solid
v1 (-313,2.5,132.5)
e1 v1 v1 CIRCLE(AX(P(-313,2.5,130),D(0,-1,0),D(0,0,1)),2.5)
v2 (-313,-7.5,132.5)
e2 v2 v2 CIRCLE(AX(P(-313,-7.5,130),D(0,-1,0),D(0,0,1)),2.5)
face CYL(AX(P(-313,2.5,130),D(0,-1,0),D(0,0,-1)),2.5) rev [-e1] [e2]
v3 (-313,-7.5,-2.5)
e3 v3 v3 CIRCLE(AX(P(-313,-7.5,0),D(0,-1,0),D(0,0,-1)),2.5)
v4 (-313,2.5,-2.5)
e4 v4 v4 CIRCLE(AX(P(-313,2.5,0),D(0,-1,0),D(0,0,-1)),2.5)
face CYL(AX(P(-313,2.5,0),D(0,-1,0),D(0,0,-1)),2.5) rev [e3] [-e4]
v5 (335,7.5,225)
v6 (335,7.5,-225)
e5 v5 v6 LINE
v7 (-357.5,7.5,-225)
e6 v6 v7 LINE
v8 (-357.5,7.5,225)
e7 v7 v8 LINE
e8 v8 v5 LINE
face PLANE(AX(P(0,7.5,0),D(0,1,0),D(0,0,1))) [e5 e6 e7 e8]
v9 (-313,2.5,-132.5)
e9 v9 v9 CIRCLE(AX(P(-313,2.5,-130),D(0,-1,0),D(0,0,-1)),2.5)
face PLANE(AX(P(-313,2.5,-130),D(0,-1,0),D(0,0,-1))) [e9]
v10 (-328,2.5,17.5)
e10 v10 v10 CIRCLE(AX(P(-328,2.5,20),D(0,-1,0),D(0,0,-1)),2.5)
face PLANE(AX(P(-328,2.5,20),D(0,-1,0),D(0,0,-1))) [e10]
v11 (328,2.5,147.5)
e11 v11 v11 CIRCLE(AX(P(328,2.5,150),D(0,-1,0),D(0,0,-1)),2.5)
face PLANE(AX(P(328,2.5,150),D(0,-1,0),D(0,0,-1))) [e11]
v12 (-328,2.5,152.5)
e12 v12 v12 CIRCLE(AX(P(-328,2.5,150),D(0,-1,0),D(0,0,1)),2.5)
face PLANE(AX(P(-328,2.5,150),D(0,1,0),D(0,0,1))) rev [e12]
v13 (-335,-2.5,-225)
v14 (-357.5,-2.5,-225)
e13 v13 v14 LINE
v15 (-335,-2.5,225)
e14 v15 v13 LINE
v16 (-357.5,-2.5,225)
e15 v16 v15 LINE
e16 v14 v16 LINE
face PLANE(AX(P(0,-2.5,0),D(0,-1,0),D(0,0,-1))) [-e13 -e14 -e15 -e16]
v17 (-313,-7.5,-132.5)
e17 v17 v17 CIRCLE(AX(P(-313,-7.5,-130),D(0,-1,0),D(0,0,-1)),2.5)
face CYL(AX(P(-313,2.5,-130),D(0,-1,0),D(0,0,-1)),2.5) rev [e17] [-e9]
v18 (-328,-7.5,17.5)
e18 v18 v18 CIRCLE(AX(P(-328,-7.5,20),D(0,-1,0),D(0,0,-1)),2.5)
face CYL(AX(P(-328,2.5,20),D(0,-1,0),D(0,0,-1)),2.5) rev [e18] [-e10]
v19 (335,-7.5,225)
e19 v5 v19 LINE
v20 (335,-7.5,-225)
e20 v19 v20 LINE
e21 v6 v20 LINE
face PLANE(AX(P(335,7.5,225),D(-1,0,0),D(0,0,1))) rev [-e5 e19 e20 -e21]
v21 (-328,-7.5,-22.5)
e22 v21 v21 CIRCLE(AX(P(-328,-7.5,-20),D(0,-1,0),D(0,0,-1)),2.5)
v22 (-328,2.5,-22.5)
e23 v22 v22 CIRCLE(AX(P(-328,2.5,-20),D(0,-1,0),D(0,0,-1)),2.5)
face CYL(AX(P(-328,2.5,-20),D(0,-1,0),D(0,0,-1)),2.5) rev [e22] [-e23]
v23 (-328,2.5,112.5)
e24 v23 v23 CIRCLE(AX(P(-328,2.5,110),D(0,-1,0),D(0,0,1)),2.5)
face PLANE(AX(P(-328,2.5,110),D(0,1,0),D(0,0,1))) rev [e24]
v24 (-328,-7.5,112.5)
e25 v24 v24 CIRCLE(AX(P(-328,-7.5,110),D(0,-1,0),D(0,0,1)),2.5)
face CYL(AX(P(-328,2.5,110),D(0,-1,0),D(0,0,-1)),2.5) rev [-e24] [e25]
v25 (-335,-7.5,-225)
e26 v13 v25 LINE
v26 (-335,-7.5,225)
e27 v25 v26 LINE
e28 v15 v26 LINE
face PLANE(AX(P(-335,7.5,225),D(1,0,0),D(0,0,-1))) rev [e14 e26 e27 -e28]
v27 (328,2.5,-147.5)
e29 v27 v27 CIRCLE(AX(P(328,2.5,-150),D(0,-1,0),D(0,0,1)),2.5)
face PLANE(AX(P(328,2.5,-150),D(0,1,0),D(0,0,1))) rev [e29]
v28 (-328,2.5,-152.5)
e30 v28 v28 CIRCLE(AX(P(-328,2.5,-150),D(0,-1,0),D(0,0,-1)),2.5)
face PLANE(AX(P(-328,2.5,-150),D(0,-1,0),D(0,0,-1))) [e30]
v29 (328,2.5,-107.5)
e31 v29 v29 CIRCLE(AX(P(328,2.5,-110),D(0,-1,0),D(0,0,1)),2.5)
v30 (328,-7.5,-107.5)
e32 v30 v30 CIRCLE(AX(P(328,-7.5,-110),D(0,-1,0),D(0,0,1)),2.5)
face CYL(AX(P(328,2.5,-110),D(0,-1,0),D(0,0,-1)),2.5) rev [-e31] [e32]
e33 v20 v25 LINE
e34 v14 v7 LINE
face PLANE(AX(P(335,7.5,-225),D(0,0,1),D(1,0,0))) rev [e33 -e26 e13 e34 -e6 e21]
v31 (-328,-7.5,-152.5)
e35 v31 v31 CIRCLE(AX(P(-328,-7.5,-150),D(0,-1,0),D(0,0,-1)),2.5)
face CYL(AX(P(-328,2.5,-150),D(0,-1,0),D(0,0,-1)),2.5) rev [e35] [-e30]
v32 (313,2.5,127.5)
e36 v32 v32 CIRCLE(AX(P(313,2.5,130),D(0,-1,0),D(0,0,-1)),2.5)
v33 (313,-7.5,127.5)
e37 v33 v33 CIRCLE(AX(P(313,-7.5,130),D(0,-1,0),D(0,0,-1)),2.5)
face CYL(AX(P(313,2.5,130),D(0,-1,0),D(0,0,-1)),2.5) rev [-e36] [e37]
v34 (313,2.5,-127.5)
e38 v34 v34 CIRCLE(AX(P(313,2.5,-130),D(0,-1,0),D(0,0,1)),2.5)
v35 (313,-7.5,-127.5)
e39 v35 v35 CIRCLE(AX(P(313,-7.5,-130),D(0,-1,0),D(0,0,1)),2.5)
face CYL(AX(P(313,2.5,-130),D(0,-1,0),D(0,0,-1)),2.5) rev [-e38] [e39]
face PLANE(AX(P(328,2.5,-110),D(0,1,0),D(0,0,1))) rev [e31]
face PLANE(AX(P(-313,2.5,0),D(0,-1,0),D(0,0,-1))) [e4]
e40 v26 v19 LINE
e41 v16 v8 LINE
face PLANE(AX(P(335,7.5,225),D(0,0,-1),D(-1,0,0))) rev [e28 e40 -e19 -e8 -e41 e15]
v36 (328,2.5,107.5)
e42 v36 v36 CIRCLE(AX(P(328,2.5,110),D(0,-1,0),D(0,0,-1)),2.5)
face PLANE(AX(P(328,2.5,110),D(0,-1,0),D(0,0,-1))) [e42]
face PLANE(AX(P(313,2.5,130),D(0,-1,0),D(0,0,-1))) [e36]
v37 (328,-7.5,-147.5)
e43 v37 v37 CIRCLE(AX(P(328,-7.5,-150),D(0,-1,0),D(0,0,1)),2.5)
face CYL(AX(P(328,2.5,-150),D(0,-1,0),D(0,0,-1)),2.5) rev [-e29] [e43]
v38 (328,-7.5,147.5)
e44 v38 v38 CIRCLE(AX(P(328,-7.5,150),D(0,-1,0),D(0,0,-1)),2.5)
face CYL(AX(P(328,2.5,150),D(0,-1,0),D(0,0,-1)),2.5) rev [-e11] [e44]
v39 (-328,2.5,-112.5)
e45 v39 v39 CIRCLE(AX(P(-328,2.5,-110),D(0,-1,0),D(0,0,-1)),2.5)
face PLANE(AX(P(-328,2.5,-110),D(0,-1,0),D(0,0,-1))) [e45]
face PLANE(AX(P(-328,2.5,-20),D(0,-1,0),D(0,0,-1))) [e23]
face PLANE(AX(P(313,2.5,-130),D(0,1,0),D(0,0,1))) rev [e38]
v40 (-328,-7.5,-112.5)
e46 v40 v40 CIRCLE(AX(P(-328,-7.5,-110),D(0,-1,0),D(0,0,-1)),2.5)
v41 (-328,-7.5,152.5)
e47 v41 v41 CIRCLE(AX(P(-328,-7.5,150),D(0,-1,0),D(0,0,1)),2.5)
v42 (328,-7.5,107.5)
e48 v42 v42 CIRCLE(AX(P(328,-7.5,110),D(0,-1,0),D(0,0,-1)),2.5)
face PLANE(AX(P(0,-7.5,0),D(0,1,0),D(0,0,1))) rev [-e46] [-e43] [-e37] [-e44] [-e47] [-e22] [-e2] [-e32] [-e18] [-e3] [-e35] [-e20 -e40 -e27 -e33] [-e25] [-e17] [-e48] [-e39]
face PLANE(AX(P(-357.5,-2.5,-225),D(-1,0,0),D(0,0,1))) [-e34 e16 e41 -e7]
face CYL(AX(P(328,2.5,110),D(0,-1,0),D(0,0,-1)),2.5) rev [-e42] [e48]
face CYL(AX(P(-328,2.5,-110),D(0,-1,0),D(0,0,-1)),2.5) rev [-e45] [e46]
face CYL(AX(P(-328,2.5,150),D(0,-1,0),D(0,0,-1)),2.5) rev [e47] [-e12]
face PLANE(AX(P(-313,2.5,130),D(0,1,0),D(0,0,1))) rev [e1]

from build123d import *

# Parameters (mm, degrees)
SKETCH1_W           = 670
SKETCH1_H           = 450
BOSS_EXTRUDE1_DEPTH = 7.5
SKETCH2_R           = 2.5
CUT_EXTRUDE1_DEPTH  = 10
SKETCH3_W           = 22.5
SKETCH3_H           = 450
BOSS_EXTRUDE2_DEPTH = 10
SKETCH4_R           = 2.5
CUT_EXTRUDE2_DEPTH  = 10


with BuildPart() as part:
    # Sketch1 → Boss-Extrude1 (new, symmetric)
    with BuildSketch(Plane(origin=(0, 0, 0), x_dir=(1, 0, 0), z_dir=(0, 1, 0))):
        Rectangle(SKETCH1_W, SKETCH1_H)
    extrude(amount=BOSS_EXTRUDE1_DEPTH, both=True)

    # Sketch2 → Cut-Extrude1 (cut)
    with BuildSketch(Plane.XZ.offset(7.5)):
        with Locations(Location((-328, -150, 0), (0, 0, 270))):
            Circle(SKETCH2_R)
        with Locations(Location((-328, -110, 0), (0, 0, 270))):
            Circle(SKETCH2_R)
        with Locations(Location((-313, -130, 0), (0, 0, 270))):
            Circle(SKETCH2_R)
        with Locations(Location((-328, 150, 0), (0, 0, 90))):
            Circle(SKETCH2_R)
        with Locations(Location((-313, 130, 0), (0, 0, 90))):
            Circle(SKETCH2_R)
        with Locations(Location((-328, 110, 0), (0, 0, 90))):
            Circle(SKETCH2_R)
        with Locations(Location((328, 150, 0), (0, 0, 270))):
            Circle(SKETCH2_R)
        with Locations(Location((328, 110, 0), (0, 0, 270))):
            Circle(SKETCH2_R)
        with Locations(Location((313, 130, 0), (0, 0, 270))):
            Circle(SKETCH2_R)
        with Locations(Location((328, -150, 0), (0, 0, 90))):
            Circle(SKETCH2_R)
        with Locations(Location((313, -130, 0), (0, 0, 90))):
            Circle(SKETCH2_R)
        with Locations(Location((328, -110, 0), (0, 0, 90))):
            Circle(SKETCH2_R)
    extrude(amount=-CUT_EXTRUDE1_DEPTH, mode=Mode.SUBTRACT)

    # Sketch3 → Boss-Extrude2 (add)
    with BuildSketch(Plane(origin=(0, 7.5, 0), x_dir=(1, 0, 0), z_dir=(0, 1, 0))):
        with Locations((-346.25, 0)):
            Rectangle(SKETCH3_W, SKETCH3_H)
    extrude(amount=-BOSS_EXTRUDE2_DEPTH)

    # Sketch4 → Cut-Extrude2 (cut)
    with BuildSketch(Plane(origin=(0, -7.5, 0), x_dir=(-1, 0, 0), z_dir=(0, -1, 0))):
        with Locations(Location((313, 0, 0), (0, 0, 90))):
            Circle(SKETCH4_R)
        with Locations(Location((328, -20, 0), (0, 0, 90))):
            Circle(SKETCH4_R)
        with Locations(Location((328, 20, 0), (0, 0, 90))):
            Circle(SKETCH4_R)
    extrude(amount=-CUT_EXTRUDE2_DEPTH, mode=Mode.SUBTRACT)


solid = part.part
